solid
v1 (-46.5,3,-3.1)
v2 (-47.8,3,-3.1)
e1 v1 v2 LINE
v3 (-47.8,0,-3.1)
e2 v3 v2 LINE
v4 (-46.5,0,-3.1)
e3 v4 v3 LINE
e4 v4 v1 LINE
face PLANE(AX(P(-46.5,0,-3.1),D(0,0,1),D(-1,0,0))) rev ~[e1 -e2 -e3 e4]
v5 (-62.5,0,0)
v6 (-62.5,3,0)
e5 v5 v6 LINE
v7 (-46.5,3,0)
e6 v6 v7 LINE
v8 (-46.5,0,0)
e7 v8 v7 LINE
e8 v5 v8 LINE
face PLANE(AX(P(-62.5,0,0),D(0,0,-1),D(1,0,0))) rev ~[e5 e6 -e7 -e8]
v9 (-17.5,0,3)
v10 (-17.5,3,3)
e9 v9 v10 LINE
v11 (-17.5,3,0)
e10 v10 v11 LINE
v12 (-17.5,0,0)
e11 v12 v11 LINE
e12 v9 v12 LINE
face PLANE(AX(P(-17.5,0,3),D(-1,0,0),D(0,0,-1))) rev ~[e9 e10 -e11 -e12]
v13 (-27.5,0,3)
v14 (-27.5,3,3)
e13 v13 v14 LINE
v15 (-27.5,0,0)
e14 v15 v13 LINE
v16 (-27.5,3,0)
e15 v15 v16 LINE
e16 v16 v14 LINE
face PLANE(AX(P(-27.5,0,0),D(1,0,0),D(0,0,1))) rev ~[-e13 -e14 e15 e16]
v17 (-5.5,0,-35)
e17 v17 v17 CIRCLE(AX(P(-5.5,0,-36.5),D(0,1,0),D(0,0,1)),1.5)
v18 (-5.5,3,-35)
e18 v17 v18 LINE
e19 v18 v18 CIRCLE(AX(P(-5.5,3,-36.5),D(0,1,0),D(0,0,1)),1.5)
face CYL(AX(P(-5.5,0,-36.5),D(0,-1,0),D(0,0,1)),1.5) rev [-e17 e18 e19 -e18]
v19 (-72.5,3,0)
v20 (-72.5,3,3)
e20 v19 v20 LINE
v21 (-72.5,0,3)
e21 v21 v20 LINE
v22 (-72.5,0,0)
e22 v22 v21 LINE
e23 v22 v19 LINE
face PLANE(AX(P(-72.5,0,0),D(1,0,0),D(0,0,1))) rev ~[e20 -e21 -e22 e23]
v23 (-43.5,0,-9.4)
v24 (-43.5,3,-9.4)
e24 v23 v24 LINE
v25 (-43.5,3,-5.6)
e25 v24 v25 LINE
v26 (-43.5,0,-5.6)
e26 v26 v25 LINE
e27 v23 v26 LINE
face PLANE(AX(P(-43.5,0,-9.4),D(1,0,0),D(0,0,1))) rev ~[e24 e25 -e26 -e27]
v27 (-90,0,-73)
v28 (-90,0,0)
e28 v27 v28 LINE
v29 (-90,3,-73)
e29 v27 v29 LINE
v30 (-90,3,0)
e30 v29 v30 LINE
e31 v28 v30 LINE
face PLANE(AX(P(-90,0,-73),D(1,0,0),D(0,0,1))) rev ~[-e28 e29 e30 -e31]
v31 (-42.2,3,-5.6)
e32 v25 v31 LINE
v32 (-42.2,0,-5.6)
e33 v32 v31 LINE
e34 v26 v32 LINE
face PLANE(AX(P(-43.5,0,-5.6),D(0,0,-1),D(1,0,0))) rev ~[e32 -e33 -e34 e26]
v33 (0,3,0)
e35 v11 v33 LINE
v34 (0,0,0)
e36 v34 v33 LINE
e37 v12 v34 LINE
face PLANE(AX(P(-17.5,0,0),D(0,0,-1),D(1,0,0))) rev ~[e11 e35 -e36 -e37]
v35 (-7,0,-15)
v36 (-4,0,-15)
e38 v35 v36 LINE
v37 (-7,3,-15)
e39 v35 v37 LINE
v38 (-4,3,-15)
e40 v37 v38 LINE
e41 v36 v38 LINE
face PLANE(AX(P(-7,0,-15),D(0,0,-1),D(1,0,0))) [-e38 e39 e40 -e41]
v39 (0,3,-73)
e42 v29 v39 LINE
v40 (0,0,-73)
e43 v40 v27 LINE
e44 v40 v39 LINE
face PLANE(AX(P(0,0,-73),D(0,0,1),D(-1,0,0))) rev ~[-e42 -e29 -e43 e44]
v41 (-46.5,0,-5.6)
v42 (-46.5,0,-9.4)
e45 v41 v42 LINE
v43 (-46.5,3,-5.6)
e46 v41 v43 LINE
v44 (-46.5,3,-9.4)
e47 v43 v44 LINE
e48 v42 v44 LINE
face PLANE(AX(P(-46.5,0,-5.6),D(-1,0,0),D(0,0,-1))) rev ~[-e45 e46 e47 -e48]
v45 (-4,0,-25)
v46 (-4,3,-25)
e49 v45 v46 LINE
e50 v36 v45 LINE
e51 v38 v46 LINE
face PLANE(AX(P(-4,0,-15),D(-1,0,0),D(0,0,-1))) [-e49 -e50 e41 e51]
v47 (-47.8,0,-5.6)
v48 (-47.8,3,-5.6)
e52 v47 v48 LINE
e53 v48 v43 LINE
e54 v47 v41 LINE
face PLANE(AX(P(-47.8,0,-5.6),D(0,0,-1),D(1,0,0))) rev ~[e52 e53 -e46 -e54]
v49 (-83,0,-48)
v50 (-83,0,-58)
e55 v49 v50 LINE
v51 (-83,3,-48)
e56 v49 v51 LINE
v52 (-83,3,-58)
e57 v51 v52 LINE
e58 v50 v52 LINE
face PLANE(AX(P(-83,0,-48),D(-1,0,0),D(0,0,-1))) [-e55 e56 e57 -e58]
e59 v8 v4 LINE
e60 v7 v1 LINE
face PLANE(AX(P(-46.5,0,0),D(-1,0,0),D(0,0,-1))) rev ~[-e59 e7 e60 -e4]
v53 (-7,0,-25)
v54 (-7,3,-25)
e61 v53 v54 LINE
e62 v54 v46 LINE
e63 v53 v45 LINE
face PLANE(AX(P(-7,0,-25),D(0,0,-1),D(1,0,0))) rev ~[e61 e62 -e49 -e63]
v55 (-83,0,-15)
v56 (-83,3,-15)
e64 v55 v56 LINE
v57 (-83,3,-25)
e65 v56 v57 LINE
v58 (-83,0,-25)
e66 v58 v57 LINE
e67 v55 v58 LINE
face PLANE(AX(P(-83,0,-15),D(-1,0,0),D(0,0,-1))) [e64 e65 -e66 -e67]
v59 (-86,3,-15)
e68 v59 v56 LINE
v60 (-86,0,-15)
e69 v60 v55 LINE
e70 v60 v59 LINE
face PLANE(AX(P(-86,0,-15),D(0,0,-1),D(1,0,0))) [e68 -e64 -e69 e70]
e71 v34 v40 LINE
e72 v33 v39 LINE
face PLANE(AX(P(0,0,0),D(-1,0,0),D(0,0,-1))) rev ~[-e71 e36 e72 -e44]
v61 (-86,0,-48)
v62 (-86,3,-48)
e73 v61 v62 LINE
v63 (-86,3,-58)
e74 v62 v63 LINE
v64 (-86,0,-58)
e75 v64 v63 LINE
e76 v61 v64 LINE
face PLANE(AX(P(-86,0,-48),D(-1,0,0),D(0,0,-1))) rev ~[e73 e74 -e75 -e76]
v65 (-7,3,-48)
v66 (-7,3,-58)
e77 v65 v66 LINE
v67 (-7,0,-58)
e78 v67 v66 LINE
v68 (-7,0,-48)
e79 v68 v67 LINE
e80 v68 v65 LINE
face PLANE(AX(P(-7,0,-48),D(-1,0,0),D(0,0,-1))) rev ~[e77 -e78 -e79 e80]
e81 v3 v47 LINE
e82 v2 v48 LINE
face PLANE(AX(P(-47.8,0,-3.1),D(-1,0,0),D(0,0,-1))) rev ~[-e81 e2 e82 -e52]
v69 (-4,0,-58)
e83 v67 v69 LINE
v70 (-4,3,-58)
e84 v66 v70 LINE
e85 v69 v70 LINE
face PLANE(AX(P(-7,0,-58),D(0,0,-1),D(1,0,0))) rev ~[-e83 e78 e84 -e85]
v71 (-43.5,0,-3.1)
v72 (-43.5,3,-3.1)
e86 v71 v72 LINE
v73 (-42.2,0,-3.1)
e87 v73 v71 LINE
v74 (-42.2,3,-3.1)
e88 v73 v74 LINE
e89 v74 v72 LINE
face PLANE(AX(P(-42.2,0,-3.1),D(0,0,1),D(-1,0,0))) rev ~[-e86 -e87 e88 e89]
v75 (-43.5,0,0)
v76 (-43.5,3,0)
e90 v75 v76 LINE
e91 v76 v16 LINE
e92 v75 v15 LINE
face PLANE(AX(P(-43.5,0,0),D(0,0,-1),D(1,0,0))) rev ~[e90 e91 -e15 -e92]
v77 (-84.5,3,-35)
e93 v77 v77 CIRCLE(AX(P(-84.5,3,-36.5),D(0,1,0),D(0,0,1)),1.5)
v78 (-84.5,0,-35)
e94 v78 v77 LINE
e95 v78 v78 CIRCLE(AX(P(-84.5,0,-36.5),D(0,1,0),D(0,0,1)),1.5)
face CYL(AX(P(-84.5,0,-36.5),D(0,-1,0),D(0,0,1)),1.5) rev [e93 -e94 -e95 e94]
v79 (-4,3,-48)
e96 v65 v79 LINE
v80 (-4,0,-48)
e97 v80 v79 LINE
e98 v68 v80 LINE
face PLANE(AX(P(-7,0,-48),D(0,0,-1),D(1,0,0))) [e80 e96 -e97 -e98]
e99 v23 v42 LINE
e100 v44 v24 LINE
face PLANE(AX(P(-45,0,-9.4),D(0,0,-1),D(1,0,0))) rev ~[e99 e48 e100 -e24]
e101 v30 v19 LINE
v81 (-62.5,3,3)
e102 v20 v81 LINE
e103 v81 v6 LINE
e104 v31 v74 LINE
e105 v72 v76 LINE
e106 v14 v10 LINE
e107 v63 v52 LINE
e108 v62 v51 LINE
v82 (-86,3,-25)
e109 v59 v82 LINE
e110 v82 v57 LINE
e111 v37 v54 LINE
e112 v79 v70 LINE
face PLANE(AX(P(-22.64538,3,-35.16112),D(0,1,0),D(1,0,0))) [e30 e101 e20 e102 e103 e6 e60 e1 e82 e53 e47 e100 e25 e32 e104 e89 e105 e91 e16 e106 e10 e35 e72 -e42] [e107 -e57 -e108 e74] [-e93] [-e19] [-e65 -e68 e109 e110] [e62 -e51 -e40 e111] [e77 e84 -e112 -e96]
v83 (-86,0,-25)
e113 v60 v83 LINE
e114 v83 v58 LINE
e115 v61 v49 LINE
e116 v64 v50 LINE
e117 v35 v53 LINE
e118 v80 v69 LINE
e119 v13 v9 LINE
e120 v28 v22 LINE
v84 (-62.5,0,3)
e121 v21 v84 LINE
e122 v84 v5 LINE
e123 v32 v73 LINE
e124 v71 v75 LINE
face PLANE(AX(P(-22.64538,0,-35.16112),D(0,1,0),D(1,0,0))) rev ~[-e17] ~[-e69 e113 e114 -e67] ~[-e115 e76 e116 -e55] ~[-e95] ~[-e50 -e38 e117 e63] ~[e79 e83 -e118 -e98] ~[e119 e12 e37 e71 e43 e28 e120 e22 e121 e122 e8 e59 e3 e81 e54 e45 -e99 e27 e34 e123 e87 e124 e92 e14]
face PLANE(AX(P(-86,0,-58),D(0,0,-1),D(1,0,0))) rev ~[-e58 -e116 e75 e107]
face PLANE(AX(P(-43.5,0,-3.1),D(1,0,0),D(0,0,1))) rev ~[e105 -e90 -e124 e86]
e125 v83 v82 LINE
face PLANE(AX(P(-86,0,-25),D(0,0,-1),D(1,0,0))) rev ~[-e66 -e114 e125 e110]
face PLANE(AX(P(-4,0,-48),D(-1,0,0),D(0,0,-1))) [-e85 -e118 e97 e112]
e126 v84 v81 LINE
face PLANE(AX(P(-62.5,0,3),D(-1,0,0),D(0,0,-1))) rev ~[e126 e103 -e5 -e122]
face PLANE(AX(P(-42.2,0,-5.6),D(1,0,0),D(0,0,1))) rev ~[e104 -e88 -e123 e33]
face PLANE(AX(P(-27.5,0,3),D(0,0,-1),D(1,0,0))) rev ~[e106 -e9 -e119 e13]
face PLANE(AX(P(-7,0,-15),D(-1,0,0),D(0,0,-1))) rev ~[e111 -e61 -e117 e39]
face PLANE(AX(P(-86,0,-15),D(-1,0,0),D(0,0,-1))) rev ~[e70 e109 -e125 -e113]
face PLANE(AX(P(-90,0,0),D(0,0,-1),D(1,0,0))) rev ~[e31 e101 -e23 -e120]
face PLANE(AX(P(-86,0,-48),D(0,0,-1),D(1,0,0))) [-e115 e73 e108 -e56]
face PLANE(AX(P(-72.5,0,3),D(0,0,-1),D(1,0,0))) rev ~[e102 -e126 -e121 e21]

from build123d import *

# Parameters (mm, degrees)
SKETCH1_W           = 3
SKETCH1_H           = 10
SKETCH1_R           = 1.5
BOSS_EXTRUDE1_DEPTH = 3


with BuildPart() as part:
    # Sketch1 → Boss-Extrude1 (new body)
    # profile 1 of 2: a face of its own
    with BuildSketch(Plane(origin=(0, 0, 0), x_dir=(1, 0, 0), z_dir=(0, 1, 0))):
        Polygon((-90, 0), (-72.5, 0), (-72.5, -3), (-62.5, -3), (-62.5, 0), (-46.5, 0), (-46.5, 3.1), (-47.8, 3.1), (-47.8, 5.6), (-46.5, 5.6), (-46.5, 9.4), (-45, 9.4), (-45, 73), (-90, 73), align=None)
        with Locations((-84.5, 20)):
            Rectangle(SKETCH1_W, SKETCH1_H, mode=Mode.SUBTRACT)
        with Locations(Location((-84.5, 36.5, 0), (0, 0, 270))):
            Circle(SKETCH1_R, mode=Mode.SUBTRACT)
        with Locations((-84.5, 53)):
            Rectangle(SKETCH1_W, SKETCH1_H, mode=Mode.SUBTRACT)
    # profile 2 of 2: a face of its own
    with BuildSketch(Plane(origin=(0, 0, 0), x_dir=(1, 0, 0), z_dir=(0, 1, 0))):
        Polygon((0, 73), (-45, 73), (-45, 9.4), (-43.5, 9.4), (-43.5, 5.6), (-42.2, 5.6), (-42.2, 3.1), (-43.5, 3.1), (-43.5, 0), (-27.5, 0), (-27.5, -3), (-17.5, -3), (-17.5, 0), (0, 0), align=None)
        with Locations((-5.5, 20)):
            Rectangle(SKETCH1_W, SKETCH1_H, mode=Mode.SUBTRACT)
        with Locations(Location((-5.5, 36.5, 0), (0, 0, 270))):
            Circle(SKETCH1_R, mode=Mode.SUBTRACT)
        with Locations((-5.5, 53)):
            Rectangle(SKETCH1_W, SKETCH1_H, mode=Mode.SUBTRACT)
    extrude(amount=BOSS_EXTRUDE1_DEPTH)


solid = part.part
